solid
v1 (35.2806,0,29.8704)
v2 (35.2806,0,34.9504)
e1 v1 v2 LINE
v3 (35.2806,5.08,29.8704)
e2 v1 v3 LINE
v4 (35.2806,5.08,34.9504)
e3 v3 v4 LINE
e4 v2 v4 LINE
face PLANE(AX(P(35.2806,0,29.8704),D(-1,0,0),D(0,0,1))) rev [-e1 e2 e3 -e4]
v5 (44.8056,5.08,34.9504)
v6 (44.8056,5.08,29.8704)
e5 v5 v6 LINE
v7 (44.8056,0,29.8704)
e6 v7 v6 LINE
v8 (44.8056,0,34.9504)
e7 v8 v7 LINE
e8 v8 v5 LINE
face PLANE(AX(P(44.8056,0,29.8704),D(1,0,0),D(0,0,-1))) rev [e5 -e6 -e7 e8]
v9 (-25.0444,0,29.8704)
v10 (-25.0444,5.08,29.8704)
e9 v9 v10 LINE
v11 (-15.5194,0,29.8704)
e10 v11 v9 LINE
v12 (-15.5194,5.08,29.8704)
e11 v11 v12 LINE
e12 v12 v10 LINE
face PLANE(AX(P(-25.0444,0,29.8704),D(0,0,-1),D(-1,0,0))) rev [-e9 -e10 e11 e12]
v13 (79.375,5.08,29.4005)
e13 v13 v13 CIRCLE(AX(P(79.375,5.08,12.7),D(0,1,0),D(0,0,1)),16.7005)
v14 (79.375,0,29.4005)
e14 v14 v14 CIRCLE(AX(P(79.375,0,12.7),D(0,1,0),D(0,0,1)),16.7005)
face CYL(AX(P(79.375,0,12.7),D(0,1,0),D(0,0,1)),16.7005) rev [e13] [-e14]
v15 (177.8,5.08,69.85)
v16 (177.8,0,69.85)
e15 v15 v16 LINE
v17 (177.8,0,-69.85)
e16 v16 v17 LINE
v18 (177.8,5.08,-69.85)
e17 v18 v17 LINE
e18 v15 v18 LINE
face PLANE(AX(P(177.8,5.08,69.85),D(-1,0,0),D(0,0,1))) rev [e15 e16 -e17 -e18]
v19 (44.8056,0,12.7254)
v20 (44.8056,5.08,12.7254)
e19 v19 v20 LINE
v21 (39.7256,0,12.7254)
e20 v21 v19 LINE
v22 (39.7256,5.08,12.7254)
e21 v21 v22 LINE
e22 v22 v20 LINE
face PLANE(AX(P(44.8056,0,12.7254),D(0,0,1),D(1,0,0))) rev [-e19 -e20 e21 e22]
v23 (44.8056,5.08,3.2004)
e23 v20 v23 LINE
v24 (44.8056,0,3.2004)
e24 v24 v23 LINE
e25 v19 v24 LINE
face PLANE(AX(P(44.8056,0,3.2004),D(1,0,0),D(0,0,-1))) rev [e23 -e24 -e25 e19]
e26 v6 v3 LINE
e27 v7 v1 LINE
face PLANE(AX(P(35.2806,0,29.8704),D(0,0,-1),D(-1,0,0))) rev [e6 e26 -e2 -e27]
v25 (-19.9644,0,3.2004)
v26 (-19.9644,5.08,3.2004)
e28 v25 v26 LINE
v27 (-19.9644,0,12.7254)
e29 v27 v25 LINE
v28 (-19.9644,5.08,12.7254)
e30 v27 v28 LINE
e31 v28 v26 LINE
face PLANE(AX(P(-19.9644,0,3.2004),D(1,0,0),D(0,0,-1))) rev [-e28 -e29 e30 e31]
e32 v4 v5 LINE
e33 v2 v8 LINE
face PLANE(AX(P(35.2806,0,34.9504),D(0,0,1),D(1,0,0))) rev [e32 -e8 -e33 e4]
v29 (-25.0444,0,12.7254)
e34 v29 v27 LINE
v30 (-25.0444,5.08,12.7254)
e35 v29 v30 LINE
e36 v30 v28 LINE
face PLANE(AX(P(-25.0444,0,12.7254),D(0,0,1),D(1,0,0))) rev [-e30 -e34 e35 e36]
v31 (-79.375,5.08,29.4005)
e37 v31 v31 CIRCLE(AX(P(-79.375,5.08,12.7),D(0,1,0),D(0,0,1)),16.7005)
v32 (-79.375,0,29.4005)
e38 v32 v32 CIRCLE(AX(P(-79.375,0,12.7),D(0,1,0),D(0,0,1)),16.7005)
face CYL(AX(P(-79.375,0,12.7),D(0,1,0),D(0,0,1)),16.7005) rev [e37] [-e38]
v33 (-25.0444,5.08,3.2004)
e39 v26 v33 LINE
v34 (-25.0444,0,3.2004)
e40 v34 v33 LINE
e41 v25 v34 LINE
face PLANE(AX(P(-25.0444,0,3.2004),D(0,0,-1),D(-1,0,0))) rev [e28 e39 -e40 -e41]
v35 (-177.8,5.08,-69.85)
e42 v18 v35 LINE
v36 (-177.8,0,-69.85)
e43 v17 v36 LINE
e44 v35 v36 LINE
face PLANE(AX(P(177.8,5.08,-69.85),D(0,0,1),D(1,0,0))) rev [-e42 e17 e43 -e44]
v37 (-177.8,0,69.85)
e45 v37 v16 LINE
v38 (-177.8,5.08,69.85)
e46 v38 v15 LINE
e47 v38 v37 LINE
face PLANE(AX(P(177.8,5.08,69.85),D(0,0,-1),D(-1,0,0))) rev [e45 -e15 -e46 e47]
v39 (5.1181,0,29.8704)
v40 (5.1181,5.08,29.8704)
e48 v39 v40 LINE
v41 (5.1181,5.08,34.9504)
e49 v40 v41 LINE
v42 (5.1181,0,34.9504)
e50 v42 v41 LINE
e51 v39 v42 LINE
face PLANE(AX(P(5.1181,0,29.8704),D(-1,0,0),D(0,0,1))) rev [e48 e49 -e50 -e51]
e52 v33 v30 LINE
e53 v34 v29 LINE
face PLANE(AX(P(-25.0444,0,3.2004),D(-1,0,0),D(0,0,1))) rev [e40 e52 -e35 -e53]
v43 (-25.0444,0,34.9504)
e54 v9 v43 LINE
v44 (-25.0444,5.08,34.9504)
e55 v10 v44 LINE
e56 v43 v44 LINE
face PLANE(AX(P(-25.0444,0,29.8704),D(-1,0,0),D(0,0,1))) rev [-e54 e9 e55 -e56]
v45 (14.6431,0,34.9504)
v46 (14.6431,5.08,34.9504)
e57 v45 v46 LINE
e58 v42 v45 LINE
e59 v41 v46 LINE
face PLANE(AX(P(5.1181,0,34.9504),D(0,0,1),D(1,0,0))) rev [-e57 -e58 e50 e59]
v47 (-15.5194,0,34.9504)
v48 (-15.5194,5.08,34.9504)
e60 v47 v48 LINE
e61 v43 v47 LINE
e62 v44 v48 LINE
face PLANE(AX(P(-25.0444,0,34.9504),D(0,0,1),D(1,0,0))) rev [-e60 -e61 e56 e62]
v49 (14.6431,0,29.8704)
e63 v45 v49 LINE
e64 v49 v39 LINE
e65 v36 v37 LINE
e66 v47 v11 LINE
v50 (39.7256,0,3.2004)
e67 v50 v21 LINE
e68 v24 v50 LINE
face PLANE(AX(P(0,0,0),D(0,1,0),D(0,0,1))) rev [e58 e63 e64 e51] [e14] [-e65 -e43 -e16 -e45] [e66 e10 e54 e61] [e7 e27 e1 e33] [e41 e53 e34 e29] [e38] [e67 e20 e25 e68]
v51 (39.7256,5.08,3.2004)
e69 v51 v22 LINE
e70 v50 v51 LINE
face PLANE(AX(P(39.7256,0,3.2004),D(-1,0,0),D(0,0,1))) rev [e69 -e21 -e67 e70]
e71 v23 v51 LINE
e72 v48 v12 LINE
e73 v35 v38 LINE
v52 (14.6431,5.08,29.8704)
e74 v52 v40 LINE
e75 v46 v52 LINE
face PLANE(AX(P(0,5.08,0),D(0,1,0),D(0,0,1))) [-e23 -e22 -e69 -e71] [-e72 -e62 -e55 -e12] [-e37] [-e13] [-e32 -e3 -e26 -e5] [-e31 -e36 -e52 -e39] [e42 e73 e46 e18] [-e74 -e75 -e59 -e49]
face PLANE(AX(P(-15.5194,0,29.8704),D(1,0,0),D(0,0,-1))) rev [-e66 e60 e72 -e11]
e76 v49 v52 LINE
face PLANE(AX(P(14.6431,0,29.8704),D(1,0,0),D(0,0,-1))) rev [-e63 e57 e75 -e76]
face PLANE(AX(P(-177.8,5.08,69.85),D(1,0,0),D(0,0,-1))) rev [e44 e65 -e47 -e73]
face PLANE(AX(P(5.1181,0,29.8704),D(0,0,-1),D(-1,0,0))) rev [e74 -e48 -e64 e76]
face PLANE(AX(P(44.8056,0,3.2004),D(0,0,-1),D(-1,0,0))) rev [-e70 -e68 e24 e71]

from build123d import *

# Parameters (mm, degrees)
SKETCH1_W           = 355.6
SKETCH1_H           = 139.7
BOSS_EXTRUDE1_DEPTH = 5.08
SKETCH2_R           = 16.7005
CUT_EXTRUDE1_DEPTH  = 6.08
SKETCH4_W           = 5.08
SKETCH4_H           = 9.525
SKETCH4_W_2         = 9.525
SKETCH4_H_2         = 5.08
CUT_EXTRUDE3_DEPTH  = 6.08


with BuildPart() as part:
    # Sketch1 → Boss-Extrude1 (new body)
    with BuildSketch(Plane(origin=(0, 0, 0), x_dir=(1, 0, 0), z_dir=(0, 1, 0))):
        Rectangle(SKETCH1_W, SKETCH1_H)
    extrude(amount=BOSS_EXTRUDE1_DEPTH)

    # Sketch2 → Cut-Extrude1 (cut, through all)
    with BuildSketch(Plane(origin=(0, 5.08, 0), x_dir=(1, 0, 0), z_dir=(0, 1, 0))):
        with Locations((-79.375, -12.7)):
            Circle(SKETCH2_R)
        with Locations((79.375, -12.7)):
            Circle(SKETCH2_R)
    extrude(amount=-CUT_EXTRUDE1_DEPTH, mode=Mode.SUBTRACT)

    # Sketch4 → Cut-Extrude3 (cut, through all)
    with BuildSketch(Plane(origin=(0, 5.08, 0), x_dir=(1, 0, 0), z_dir=(0, 1, 0))):
        with Locations((-22.5044, -7.9629)):
            Rectangle(SKETCH4_W, SKETCH4_H)
        with Locations((-20.2819, -32.4104)):
            Rectangle(SKETCH4_W_2, SKETCH4_H_2)
        with Locations((9.8806, -32.4104)):
            Rectangle(SKETCH4_W_2, SKETCH4_H_2)
        with Locations((40.0431, -32.4104)):
            Rectangle(SKETCH4_W_2, SKETCH4_H_2)
        with Locations((42.2656, -7.9629)):
            Rectangle(SKETCH4_W, SKETCH4_H)
    extrude(amount=-CUT_EXTRUDE3_DEPTH, mode=Mode.SUBTRACT)


solid = part.part
